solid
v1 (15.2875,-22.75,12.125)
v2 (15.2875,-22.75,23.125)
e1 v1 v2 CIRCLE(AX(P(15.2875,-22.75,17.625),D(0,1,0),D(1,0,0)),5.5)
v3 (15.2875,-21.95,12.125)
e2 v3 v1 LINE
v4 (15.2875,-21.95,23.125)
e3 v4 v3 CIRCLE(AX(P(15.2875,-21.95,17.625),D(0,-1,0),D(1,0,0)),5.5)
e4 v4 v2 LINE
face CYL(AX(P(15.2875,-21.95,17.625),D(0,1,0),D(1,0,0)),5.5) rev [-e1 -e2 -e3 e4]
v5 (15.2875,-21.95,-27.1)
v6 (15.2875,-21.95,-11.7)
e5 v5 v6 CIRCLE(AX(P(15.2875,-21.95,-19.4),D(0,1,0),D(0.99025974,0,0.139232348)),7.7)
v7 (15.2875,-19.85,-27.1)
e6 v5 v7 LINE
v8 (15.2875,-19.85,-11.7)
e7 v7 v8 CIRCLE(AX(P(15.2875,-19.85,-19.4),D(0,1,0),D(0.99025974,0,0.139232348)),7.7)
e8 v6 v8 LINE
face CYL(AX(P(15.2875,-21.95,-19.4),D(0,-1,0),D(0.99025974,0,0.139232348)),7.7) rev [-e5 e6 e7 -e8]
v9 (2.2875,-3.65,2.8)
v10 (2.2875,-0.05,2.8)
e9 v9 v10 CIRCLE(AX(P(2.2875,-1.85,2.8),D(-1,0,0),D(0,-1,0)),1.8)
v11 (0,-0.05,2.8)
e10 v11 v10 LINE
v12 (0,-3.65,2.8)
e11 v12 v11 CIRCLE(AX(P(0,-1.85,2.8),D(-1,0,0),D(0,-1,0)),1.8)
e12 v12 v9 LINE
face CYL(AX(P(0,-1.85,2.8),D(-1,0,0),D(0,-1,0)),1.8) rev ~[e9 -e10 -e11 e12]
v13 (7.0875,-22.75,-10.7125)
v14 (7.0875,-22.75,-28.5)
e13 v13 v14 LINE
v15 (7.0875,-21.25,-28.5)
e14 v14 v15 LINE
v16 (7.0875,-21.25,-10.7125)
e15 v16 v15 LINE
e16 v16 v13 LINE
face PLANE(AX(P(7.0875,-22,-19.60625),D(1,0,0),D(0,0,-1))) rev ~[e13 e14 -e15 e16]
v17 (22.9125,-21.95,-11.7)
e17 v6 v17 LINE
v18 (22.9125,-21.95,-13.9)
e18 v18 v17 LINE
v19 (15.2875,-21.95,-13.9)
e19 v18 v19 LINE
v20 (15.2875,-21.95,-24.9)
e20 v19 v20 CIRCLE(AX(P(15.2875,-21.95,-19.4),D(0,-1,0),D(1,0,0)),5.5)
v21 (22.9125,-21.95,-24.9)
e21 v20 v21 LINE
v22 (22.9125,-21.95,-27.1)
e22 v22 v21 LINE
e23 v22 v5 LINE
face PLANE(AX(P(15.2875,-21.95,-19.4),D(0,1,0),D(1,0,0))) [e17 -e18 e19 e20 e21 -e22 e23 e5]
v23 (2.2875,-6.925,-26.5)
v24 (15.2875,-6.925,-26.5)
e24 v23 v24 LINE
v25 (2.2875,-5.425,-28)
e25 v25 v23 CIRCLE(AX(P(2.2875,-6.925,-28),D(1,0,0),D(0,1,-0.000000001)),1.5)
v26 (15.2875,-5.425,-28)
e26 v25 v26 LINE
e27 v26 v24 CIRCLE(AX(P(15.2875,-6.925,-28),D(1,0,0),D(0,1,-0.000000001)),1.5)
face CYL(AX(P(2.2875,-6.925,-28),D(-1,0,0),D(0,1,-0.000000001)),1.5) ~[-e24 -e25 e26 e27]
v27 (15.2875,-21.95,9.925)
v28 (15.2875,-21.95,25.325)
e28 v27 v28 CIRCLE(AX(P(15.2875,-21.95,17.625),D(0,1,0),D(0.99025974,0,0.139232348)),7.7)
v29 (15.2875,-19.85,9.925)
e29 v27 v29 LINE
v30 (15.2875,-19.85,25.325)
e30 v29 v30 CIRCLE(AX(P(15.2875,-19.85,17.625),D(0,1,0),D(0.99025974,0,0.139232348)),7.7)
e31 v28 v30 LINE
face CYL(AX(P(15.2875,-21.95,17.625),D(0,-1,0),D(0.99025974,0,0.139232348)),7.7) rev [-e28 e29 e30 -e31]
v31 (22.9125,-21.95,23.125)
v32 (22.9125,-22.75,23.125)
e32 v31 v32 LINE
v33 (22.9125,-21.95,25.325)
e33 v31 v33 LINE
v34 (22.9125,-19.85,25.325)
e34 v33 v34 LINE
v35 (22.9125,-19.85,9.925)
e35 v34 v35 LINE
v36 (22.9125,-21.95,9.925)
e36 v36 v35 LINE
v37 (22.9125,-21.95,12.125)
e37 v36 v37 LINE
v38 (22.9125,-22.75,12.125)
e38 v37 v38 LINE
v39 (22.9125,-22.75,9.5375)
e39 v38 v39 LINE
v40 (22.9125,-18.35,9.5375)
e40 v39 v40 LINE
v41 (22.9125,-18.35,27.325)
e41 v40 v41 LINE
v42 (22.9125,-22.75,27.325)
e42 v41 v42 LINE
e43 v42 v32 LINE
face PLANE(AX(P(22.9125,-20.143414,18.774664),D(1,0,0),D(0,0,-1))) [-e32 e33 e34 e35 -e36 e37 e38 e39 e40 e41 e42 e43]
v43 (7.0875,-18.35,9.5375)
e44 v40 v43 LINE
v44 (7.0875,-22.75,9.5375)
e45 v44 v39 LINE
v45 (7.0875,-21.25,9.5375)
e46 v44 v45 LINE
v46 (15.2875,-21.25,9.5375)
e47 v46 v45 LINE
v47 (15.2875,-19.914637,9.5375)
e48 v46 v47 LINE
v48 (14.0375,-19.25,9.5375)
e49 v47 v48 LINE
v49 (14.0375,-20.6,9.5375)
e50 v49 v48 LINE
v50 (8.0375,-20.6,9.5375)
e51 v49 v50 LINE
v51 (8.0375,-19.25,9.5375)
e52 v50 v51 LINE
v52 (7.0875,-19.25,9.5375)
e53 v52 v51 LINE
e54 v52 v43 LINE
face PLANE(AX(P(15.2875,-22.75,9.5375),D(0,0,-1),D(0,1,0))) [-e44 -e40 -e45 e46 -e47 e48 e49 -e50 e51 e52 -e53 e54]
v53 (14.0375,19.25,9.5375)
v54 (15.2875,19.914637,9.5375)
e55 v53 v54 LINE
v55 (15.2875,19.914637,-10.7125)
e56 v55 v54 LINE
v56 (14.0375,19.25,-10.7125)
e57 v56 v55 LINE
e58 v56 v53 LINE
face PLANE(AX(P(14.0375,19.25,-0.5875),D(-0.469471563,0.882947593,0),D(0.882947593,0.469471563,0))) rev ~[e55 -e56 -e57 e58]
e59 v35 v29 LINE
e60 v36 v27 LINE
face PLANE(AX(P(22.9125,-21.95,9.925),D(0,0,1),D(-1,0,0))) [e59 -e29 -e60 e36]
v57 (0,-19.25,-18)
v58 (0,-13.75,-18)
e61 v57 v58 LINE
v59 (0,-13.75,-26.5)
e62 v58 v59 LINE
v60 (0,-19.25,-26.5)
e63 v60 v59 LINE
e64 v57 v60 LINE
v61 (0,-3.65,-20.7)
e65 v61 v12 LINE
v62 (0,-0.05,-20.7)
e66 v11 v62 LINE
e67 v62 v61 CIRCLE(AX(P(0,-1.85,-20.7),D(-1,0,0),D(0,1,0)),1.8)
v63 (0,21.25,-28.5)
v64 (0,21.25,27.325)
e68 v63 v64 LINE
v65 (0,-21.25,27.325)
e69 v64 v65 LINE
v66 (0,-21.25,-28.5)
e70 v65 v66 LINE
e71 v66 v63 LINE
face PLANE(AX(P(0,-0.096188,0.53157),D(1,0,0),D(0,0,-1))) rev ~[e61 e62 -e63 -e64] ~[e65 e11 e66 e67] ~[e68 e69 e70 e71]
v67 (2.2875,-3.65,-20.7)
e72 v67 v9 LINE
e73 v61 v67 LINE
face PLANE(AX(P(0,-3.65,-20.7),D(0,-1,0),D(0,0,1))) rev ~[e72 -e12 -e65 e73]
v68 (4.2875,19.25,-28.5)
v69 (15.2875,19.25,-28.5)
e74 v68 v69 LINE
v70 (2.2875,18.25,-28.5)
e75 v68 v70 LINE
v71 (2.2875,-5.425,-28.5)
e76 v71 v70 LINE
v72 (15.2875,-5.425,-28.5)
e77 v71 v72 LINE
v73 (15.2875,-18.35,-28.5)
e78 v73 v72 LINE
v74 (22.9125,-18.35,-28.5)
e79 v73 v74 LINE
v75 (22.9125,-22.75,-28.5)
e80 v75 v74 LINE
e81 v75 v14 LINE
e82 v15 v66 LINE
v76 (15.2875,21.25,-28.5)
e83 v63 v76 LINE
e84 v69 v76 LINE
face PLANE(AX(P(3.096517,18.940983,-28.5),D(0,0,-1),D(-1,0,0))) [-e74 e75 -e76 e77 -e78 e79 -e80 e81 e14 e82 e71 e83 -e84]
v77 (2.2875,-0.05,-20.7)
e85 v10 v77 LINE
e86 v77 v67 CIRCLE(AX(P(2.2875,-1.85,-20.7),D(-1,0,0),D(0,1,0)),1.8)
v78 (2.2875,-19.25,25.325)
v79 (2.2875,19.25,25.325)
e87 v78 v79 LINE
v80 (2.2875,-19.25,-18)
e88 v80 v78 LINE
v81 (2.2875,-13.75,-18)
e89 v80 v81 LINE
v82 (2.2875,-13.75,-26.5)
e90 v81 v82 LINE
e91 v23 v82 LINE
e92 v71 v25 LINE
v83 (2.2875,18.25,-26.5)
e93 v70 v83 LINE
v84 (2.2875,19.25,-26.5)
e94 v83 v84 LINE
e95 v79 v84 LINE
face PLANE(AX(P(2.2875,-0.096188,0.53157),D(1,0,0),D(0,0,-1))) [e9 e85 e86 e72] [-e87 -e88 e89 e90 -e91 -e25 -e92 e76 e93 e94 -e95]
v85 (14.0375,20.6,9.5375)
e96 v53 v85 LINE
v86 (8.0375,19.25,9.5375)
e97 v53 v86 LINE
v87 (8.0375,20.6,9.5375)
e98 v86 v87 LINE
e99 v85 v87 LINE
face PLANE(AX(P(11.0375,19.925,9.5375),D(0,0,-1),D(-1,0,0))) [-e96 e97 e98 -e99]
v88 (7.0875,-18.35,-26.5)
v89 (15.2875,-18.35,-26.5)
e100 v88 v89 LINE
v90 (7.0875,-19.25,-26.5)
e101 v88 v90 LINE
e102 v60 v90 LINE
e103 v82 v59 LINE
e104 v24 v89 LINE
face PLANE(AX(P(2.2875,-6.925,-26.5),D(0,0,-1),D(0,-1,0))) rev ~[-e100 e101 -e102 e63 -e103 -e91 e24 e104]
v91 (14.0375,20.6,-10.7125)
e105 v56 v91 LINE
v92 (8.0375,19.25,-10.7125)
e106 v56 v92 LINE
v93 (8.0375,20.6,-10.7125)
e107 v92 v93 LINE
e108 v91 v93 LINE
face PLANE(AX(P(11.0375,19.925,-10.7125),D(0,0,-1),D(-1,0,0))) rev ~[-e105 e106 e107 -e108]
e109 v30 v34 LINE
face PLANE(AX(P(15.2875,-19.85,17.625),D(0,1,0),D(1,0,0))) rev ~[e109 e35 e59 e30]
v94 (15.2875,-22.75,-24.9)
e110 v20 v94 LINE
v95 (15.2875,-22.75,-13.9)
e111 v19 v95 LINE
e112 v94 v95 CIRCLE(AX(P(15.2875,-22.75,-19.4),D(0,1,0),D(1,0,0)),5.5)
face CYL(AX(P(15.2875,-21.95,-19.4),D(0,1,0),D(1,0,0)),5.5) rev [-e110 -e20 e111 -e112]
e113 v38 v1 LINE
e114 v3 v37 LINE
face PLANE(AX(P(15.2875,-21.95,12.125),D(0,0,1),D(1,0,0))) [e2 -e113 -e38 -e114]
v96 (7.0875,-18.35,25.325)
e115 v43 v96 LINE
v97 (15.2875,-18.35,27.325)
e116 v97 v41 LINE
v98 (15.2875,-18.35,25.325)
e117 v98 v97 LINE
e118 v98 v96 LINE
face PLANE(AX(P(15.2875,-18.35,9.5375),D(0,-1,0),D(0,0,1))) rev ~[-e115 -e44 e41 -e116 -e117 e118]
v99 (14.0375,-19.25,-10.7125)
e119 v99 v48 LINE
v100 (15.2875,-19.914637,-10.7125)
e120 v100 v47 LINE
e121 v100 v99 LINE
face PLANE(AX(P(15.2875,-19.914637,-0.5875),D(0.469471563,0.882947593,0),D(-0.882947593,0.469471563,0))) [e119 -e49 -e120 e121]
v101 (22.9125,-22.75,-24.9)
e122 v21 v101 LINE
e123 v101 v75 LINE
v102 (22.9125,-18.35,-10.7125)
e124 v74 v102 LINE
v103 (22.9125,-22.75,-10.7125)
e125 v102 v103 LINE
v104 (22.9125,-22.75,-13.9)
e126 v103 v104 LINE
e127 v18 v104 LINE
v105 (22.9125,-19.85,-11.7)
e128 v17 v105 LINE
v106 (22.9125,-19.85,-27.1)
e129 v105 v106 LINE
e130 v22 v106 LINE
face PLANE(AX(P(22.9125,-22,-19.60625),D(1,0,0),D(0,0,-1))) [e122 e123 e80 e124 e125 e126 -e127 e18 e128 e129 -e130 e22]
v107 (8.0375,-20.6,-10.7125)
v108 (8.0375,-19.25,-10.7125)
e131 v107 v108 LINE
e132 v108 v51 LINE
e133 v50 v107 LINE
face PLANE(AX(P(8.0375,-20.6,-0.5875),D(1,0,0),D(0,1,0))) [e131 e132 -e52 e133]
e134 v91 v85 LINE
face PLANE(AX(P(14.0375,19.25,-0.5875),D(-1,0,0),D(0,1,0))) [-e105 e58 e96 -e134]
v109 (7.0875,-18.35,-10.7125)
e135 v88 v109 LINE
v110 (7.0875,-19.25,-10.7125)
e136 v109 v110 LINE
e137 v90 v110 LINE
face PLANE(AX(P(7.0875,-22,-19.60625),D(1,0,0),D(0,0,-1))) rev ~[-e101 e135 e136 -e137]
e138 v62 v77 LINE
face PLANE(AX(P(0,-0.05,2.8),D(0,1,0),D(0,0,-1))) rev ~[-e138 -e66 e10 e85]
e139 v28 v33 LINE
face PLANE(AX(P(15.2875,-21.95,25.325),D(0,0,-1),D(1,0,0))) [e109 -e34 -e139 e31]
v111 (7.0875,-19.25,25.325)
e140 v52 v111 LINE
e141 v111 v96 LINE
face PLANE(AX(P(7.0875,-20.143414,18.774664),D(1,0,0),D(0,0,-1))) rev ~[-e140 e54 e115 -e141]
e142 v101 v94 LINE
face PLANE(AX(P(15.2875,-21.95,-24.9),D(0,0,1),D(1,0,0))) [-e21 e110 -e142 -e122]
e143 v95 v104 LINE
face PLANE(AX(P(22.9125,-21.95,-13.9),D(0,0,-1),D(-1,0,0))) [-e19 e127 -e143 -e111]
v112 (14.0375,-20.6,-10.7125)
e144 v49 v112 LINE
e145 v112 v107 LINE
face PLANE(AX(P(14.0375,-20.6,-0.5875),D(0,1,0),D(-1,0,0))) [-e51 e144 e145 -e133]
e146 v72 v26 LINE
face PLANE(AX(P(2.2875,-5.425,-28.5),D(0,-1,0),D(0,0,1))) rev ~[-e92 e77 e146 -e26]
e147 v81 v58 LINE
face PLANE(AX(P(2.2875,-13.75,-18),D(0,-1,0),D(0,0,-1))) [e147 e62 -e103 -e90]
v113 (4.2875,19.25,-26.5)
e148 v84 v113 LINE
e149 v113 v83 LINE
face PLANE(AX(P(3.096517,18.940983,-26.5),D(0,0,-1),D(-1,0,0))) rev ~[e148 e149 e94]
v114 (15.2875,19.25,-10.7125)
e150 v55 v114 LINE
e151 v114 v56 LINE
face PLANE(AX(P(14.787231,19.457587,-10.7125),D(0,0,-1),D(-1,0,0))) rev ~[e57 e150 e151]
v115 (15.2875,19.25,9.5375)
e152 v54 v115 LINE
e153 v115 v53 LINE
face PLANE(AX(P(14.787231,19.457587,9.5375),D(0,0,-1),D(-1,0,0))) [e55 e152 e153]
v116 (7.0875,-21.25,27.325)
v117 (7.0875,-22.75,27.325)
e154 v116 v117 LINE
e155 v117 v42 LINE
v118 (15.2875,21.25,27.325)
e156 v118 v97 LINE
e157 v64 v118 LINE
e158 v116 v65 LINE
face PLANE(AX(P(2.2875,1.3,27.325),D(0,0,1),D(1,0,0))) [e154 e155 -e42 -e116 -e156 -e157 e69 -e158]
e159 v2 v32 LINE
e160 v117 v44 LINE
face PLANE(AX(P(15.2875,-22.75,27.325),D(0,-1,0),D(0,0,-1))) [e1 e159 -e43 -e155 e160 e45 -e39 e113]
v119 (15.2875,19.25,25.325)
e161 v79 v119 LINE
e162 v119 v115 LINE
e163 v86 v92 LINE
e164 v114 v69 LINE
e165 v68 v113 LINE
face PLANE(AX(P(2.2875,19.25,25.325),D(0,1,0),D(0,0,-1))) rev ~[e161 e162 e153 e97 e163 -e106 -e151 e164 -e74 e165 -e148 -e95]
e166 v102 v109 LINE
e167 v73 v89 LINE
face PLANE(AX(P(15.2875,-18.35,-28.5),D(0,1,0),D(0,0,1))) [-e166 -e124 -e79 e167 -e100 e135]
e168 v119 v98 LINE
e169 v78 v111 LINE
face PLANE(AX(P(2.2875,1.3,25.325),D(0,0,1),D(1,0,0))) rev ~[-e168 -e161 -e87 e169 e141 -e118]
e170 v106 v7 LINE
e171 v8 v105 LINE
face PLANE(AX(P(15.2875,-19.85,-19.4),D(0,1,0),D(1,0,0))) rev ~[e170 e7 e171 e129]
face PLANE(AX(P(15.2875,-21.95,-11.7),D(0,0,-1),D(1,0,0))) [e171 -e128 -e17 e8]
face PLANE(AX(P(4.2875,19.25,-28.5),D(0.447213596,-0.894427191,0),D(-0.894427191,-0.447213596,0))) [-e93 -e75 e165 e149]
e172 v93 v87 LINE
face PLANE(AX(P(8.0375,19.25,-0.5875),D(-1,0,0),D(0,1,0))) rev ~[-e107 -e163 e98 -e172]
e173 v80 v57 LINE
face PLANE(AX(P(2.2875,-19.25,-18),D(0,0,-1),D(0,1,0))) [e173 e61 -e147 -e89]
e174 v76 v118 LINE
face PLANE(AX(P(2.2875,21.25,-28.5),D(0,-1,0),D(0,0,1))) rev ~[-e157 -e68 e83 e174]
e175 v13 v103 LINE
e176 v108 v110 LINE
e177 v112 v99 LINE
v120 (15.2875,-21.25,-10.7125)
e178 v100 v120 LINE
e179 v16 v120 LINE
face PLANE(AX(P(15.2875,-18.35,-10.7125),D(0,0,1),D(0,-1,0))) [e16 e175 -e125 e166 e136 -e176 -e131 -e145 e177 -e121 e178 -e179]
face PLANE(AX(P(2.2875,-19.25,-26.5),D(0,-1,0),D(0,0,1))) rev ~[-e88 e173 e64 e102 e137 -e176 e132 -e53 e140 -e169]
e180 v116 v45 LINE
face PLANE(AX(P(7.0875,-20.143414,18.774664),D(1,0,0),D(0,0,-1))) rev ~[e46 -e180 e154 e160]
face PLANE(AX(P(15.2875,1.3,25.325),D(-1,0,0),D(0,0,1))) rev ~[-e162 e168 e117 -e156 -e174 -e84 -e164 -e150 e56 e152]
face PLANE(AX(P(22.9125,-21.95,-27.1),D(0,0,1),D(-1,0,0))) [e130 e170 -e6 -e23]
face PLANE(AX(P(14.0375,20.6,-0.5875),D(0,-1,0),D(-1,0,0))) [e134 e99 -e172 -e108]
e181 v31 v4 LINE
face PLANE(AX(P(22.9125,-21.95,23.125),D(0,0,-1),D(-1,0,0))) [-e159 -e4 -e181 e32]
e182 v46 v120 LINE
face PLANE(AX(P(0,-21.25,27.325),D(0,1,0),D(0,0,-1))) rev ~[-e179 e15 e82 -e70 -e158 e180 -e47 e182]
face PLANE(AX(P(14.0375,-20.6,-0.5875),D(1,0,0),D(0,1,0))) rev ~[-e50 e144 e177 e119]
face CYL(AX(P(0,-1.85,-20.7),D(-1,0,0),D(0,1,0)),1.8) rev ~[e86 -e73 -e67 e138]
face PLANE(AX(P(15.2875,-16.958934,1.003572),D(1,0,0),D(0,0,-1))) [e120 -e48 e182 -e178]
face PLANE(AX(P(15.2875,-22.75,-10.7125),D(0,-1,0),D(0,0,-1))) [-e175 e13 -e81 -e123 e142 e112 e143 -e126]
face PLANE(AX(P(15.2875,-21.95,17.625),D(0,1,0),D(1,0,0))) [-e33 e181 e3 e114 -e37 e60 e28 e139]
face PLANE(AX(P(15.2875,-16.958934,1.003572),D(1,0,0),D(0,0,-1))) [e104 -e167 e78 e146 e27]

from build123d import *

# Parameters (mm, degrees)
MAIN_EXTRUDE_DEPTH          = 2.2875
WALLS_START                 = 2.2875
WALLS_DEPTH                 = 13
CORNER_SUPPORT_DEPTH        = 2
FILLET4_R                   = 2
SKETCH4_W                   = 8.5
SKETCH4_H                   = 5.5
WIRE_HOLE_DEPTH             = 40.380356778
SKETCH25_W                  = 6
SKETCH25_H                  = 1.35
FEMALE_SNAP_DEPTH           = 10.125
SKETCH30_W                  = 15.7875
SKETCH30_H                  = 0.9
SKETCH30_W_2                = 17.7875
SKETCH30_H_2                = 1.5
MAGNET_EXTRUDE_1_DEPTH      = 7.625
MAGNET_EXTRUDE_1_DEPTH_BACK = 8.2
SKETCH29_R                  = 7.7
MAGNET_HOLE_DEPTH           = 2.1
SKETCH31_R                  = 5.5
MAGNET_THRU_HOLE_DEPTH      = 58.632218908
SKETCH40_W                  = 15.2875
SKETCH40_H                  = 12.55
CUT_EXTRUDE2_DEPTH          = 6
SKETCH41_W                  = 13
SKETCH41_H                  = 2
BOSS_EXTRUDE1_DEPTH         = 9.4


with BuildPart() as part:
    # Sketch1 → Main Extrude (new body)
    with BuildSketch(Plane(origin=(0, 0, 0), x_dir=(0, 0, -1), z_dir=(1, 0, 0))):
        Polygon((-30.5, -9.35), (-27.325, -9.35), (-27.325, -21.25), (28.5, -21.25), (28.5, 21.25), (-27.325, 21.25), (-27.325, 3.2), (-30.5, 3.2), align=None)
        with BuildLine():
            Line((20.7, -3.65), (-2.8, -3.65))
            ThreePointArc((-2.8, -3.65), (-4.6, -1.85), (-2.8, -0.05))
            Line((-2.8, -0.05), (20.7, -0.05))
            ThreePointArc((20.7, -0.05), (22.5, -1.85), (20.7, -3.65))
        make_face(mode=Mode.SUBTRACT)
    extrude(amount=MAIN_EXTRUDE_DEPTH)

    # Sketch1_3 → Walls (add)
    with BuildSketch(Plane(origin=(0, 0, 0), x_dir=(0, 0, -1), z_dir=(1, 0, 0)).offset(WALLS_START)):
        Polygon((-25.325, 19.25), (28.5, 19.25), (28.5, 21.25), (-27.325, 21.25), (-27.325, 3.2), (-30.5, 3.2), (-30.5, 1.3), (-25.325, 1.3), align=None)
        with BuildLine():
            Line((28.5, -5.425), (28, -5.425))
            ThreePointArc((28, -5.425), (26.939339828, -5.864339828), (26.5, -6.925))
            Line((26.5, -6.925), (26.5, -19.25))
            Line((26.5, -19.25), (-25.325, -19.25))
            Line((-25.325, -19.25), (-25.325, -8.1))
            Line((-25.325, -8.1), (-28.5, -8.1))
            Line((-28.5, -8.1), (-28.5, -4.45))
            Line((-28.5, -4.45), (-30.5, -4.45))
            Line((-30.5, -4.45), (-30.5, -9.35))
            Line((-30.5, -9.35), (-27.325, -9.35))
            Line((-27.325, -9.35), (-27.325, -21.25))
            Line((-27.325, -21.25), (28.5, -21.25))
            Line((28.5, -21.25), (28.5, -5.425))
        make_face()
    extrude(amount=WALLS_DEPTH)

    # Sketch22 → Corner Support (add)
    with BuildSketch(Plane(origin=(0, 0, -28.5), x_dir=(-1, 0, 0), z_dir=(0, 0, -1))):
        Polygon((-4.2875, 19.25), (-2.2875, 18.25), (-2.2875, 19.25), align=None)
    extrude(amount=-CORNER_SUPPORT_DEPTH)

    # Fillet4
    fillet4_edges = [part.edges().sort_by_distance(p)[0] for p in [
        (2.2875, -1.575, 30.5),
    ]]
    fillet(fillet4_edges, radius=FILLET4_R)

    # Sketch4 → Wire Hole (cut, through all)
    with BuildSketch(Plane(origin=(2.2875, 0, 0), x_dir=(0, 0, -1), z_dir=(1, 0, 0))):
        with Locations((22.25, -16.5)):
            Rectangle(SKETCH4_W, SKETCH4_H)
    extrude(amount=-WIRE_HOLE_DEPTH, mode=Mode.SUBTRACT)

    # Sketch25 → Female Snap (cut, symmetric)
    with BuildSketch(Plane(origin=(0, 0, -0.5875), x_dir=(-1, 0, 0), z_dir=(0, 0, -1))):
        with Locations((-11.0375, -19.925)):
            Rectangle(SKETCH25_W, SKETCH25_H)
        Polygon((-15.2875, -19.25), (-15.2875, -19.91463679), (-14.0375, -19.25), align=None)
        with Locations((-11.0375, 19.925)):
            Rectangle(SKETCH25_W, SKETCH25_H)
        Polygon((-15.2875, 19.91463679), (-15.2875, 19.25), (-14.0375, 19.25), align=None)
    extrude(amount=FEMALE_SNAP_DEPTH, both=True, mode=Mode.SUBTRACT)

    # Sketch30 → Magnet Extrude 1 (add, two sides)
    with BuildSketch(Plane(origin=(15.2875, 0, 0), x_dir=(0, 0, -1), z_dir=(1, 0, 0))) as magnet_extrude_1_sk:
        Polygon((-27.325, -18.35), (-27.325, -21.25), (-9.5375, -21.25), (-9.5375, -19.91463679), (-9.5375, -19.25), (-25.325, -19.25), (-25.325, -18.35), align=None)
        with Locations((-17.43125, -18.8)):
            Rectangle(SKETCH30_W, SKETCH30_H)
        with Locations((19.60625, -22)):
            Rectangle(SKETCH30_W_2, SKETCH30_H_2)
        Polygon((10.7125, -19.91463679), (10.7125, -21.25), (28.5, -21.25), (28.5, -18.35), (26.5, -18.35), (26.5, -19.25), (10.7125, -19.25), align=None)
        with Locations((-18.43125, -22)):
            Rectangle(SKETCH30_W_2, SKETCH30_H_2)
        with Locations((18.60625, -18.8)):
            Rectangle(SKETCH30_W, SKETCH30_H)
    extrude(amount=MAGNET_EXTRUDE_1_DEPTH)
    extrude(magnet_extrude_1_sk.sketch, amount=-MAGNET_EXTRUDE_1_DEPTH_BACK)

    # Sketch29 → Magnet Hole (cut)
    with BuildSketch(Plane(origin=(0, -21.95, 0), x_dir=(1, 0, 0), z_dir=(0, 1, 0))):
        with Locations((15.2875, -17.625)):
            Circle(SKETCH29_R)
        with BuildLine():
            ThreePointArc((22.9125, -18.697089082), (20.338980677, -23.436414885), (15.2875, -25.325))
            Line((15.2875, -25.325), (22.9125, -25.325))
            Line((22.9125, -25.325), (22.9125, -18.697089082))
        make_face()
        with BuildLine():
            Line((22.9125, -9.925), (15.2875, -9.925))
            ThreePointArc((15.2875, -9.925), (20.338980677, -11.813585115), (22.9125, -16.552910918))
            Line((22.9125, -16.552910918), (22.9125, -9.925))
        make_face()
        with Locations((15.2875, 19.4)):
            Circle(SKETCH29_R)
        with BuildLine():
            ThreePointArc((22.9125, 18.327910918), (20.338980677, 13.588585115), (15.2875, 11.7))
            Line((15.2875, 11.7), (22.9125, 11.7))
            Line((22.9125, 11.7), (22.9125, 18.327910918))
        make_face()
        with BuildLine():
            Line((22.9125, 27.1), (15.2875, 27.1))
            ThreePointArc((15.2875, 27.1), (20.338980677, 25.211414885), (22.9125, 20.472089082))
            Line((22.9125, 20.472089082), (22.9125, 27.1))
        make_face()
        with BuildLine():
            ThreePointArc((22.9875, -17.625), (22.968727116, -17.087645368), (22.9125, -16.552910918))
            Line((22.9125, -16.552910918), (22.9125, -18.697089082))
            ThreePointArc((22.9125, -18.697089082), (22.968727116, -18.162354632), (22.9875, -17.625))
        make_face()
        with BuildLine():
            Line((22.9125, 20.472089082), (22.9125, 18.327910918))
            ThreePointArc((22.9125, 18.327910918), (22.968727116, 18.862645368), (22.9875, 19.4))
            ThreePointArc((22.9875, 19.4), (22.968727116, 19.937354632), (22.9125, 20.472089082))
        make_face()
    extrude(amount=MAGNET_HOLE_DEPTH, mode=Mode.SUBTRACT)

    # Sketch31 → Magnet Thru Hole (cut, through all)
    with BuildSketch(Plane.XZ.offset(21.95)):
        with Locations((15.2875, 17.625)):
            Circle(SKETCH31_R)
        with BuildLine():
            Line((22.9125, 23.125), (15.2875, 23.125))
            ThreePointArc((15.2875, 23.125), (19.176587297, 21.514087297), (20.7875, 17.625))
            ThreePointArc((20.7875, 17.625), (19.176587297, 13.735912703), (15.2875, 12.125))
            Line((15.2875, 12.125), (22.9125, 12.125))
            Line((22.9125, 12.125), (22.9125, 23.125))
        make_face()
        with Locations((15.2875, -19.4)):
            Circle(SKETCH31_R)
        with BuildLine():
            Line((22.9125, -13.9), (15.2875, -13.9))
            ThreePointArc((15.2875, -13.9), (19.176587297, -15.510912703), (20.7875, -19.4))
            ThreePointArc((20.7875, -19.4), (19.176587297, -23.289087297), (15.2875, -24.9))
            Line((15.2875, -24.9), (22.9125, -24.9))
            Line((22.9125, -24.9), (22.9125, -13.9))
        make_face()
    extrude(amount=MAGNET_THRU_HOLE_DEPTH, mode=Mode.SUBTRACT)

    # Sketch40 → Cut-Extrude2 (cut)
    with BuildSketch(Plane.XY.offset(27.325)):
        with Locations((7.64375, -3.075)):
            Rectangle(SKETCH40_W, SKETCH40_H)
    extrude(amount=CUT_EXTRUDE2_DEPTH, mode=Mode.SUBTRACT)

    # Sketch41 → Boss-Extrude1 (add)
    with BuildSketch(Plane.XZ.offset(-1.3)):
        with Locations((8.7875, 26.325)):
            Rectangle(SKETCH41_W, SKETCH41_H)
    extrude(amount=BOSS_EXTRUDE1_DEPTH)


solid = part.part
